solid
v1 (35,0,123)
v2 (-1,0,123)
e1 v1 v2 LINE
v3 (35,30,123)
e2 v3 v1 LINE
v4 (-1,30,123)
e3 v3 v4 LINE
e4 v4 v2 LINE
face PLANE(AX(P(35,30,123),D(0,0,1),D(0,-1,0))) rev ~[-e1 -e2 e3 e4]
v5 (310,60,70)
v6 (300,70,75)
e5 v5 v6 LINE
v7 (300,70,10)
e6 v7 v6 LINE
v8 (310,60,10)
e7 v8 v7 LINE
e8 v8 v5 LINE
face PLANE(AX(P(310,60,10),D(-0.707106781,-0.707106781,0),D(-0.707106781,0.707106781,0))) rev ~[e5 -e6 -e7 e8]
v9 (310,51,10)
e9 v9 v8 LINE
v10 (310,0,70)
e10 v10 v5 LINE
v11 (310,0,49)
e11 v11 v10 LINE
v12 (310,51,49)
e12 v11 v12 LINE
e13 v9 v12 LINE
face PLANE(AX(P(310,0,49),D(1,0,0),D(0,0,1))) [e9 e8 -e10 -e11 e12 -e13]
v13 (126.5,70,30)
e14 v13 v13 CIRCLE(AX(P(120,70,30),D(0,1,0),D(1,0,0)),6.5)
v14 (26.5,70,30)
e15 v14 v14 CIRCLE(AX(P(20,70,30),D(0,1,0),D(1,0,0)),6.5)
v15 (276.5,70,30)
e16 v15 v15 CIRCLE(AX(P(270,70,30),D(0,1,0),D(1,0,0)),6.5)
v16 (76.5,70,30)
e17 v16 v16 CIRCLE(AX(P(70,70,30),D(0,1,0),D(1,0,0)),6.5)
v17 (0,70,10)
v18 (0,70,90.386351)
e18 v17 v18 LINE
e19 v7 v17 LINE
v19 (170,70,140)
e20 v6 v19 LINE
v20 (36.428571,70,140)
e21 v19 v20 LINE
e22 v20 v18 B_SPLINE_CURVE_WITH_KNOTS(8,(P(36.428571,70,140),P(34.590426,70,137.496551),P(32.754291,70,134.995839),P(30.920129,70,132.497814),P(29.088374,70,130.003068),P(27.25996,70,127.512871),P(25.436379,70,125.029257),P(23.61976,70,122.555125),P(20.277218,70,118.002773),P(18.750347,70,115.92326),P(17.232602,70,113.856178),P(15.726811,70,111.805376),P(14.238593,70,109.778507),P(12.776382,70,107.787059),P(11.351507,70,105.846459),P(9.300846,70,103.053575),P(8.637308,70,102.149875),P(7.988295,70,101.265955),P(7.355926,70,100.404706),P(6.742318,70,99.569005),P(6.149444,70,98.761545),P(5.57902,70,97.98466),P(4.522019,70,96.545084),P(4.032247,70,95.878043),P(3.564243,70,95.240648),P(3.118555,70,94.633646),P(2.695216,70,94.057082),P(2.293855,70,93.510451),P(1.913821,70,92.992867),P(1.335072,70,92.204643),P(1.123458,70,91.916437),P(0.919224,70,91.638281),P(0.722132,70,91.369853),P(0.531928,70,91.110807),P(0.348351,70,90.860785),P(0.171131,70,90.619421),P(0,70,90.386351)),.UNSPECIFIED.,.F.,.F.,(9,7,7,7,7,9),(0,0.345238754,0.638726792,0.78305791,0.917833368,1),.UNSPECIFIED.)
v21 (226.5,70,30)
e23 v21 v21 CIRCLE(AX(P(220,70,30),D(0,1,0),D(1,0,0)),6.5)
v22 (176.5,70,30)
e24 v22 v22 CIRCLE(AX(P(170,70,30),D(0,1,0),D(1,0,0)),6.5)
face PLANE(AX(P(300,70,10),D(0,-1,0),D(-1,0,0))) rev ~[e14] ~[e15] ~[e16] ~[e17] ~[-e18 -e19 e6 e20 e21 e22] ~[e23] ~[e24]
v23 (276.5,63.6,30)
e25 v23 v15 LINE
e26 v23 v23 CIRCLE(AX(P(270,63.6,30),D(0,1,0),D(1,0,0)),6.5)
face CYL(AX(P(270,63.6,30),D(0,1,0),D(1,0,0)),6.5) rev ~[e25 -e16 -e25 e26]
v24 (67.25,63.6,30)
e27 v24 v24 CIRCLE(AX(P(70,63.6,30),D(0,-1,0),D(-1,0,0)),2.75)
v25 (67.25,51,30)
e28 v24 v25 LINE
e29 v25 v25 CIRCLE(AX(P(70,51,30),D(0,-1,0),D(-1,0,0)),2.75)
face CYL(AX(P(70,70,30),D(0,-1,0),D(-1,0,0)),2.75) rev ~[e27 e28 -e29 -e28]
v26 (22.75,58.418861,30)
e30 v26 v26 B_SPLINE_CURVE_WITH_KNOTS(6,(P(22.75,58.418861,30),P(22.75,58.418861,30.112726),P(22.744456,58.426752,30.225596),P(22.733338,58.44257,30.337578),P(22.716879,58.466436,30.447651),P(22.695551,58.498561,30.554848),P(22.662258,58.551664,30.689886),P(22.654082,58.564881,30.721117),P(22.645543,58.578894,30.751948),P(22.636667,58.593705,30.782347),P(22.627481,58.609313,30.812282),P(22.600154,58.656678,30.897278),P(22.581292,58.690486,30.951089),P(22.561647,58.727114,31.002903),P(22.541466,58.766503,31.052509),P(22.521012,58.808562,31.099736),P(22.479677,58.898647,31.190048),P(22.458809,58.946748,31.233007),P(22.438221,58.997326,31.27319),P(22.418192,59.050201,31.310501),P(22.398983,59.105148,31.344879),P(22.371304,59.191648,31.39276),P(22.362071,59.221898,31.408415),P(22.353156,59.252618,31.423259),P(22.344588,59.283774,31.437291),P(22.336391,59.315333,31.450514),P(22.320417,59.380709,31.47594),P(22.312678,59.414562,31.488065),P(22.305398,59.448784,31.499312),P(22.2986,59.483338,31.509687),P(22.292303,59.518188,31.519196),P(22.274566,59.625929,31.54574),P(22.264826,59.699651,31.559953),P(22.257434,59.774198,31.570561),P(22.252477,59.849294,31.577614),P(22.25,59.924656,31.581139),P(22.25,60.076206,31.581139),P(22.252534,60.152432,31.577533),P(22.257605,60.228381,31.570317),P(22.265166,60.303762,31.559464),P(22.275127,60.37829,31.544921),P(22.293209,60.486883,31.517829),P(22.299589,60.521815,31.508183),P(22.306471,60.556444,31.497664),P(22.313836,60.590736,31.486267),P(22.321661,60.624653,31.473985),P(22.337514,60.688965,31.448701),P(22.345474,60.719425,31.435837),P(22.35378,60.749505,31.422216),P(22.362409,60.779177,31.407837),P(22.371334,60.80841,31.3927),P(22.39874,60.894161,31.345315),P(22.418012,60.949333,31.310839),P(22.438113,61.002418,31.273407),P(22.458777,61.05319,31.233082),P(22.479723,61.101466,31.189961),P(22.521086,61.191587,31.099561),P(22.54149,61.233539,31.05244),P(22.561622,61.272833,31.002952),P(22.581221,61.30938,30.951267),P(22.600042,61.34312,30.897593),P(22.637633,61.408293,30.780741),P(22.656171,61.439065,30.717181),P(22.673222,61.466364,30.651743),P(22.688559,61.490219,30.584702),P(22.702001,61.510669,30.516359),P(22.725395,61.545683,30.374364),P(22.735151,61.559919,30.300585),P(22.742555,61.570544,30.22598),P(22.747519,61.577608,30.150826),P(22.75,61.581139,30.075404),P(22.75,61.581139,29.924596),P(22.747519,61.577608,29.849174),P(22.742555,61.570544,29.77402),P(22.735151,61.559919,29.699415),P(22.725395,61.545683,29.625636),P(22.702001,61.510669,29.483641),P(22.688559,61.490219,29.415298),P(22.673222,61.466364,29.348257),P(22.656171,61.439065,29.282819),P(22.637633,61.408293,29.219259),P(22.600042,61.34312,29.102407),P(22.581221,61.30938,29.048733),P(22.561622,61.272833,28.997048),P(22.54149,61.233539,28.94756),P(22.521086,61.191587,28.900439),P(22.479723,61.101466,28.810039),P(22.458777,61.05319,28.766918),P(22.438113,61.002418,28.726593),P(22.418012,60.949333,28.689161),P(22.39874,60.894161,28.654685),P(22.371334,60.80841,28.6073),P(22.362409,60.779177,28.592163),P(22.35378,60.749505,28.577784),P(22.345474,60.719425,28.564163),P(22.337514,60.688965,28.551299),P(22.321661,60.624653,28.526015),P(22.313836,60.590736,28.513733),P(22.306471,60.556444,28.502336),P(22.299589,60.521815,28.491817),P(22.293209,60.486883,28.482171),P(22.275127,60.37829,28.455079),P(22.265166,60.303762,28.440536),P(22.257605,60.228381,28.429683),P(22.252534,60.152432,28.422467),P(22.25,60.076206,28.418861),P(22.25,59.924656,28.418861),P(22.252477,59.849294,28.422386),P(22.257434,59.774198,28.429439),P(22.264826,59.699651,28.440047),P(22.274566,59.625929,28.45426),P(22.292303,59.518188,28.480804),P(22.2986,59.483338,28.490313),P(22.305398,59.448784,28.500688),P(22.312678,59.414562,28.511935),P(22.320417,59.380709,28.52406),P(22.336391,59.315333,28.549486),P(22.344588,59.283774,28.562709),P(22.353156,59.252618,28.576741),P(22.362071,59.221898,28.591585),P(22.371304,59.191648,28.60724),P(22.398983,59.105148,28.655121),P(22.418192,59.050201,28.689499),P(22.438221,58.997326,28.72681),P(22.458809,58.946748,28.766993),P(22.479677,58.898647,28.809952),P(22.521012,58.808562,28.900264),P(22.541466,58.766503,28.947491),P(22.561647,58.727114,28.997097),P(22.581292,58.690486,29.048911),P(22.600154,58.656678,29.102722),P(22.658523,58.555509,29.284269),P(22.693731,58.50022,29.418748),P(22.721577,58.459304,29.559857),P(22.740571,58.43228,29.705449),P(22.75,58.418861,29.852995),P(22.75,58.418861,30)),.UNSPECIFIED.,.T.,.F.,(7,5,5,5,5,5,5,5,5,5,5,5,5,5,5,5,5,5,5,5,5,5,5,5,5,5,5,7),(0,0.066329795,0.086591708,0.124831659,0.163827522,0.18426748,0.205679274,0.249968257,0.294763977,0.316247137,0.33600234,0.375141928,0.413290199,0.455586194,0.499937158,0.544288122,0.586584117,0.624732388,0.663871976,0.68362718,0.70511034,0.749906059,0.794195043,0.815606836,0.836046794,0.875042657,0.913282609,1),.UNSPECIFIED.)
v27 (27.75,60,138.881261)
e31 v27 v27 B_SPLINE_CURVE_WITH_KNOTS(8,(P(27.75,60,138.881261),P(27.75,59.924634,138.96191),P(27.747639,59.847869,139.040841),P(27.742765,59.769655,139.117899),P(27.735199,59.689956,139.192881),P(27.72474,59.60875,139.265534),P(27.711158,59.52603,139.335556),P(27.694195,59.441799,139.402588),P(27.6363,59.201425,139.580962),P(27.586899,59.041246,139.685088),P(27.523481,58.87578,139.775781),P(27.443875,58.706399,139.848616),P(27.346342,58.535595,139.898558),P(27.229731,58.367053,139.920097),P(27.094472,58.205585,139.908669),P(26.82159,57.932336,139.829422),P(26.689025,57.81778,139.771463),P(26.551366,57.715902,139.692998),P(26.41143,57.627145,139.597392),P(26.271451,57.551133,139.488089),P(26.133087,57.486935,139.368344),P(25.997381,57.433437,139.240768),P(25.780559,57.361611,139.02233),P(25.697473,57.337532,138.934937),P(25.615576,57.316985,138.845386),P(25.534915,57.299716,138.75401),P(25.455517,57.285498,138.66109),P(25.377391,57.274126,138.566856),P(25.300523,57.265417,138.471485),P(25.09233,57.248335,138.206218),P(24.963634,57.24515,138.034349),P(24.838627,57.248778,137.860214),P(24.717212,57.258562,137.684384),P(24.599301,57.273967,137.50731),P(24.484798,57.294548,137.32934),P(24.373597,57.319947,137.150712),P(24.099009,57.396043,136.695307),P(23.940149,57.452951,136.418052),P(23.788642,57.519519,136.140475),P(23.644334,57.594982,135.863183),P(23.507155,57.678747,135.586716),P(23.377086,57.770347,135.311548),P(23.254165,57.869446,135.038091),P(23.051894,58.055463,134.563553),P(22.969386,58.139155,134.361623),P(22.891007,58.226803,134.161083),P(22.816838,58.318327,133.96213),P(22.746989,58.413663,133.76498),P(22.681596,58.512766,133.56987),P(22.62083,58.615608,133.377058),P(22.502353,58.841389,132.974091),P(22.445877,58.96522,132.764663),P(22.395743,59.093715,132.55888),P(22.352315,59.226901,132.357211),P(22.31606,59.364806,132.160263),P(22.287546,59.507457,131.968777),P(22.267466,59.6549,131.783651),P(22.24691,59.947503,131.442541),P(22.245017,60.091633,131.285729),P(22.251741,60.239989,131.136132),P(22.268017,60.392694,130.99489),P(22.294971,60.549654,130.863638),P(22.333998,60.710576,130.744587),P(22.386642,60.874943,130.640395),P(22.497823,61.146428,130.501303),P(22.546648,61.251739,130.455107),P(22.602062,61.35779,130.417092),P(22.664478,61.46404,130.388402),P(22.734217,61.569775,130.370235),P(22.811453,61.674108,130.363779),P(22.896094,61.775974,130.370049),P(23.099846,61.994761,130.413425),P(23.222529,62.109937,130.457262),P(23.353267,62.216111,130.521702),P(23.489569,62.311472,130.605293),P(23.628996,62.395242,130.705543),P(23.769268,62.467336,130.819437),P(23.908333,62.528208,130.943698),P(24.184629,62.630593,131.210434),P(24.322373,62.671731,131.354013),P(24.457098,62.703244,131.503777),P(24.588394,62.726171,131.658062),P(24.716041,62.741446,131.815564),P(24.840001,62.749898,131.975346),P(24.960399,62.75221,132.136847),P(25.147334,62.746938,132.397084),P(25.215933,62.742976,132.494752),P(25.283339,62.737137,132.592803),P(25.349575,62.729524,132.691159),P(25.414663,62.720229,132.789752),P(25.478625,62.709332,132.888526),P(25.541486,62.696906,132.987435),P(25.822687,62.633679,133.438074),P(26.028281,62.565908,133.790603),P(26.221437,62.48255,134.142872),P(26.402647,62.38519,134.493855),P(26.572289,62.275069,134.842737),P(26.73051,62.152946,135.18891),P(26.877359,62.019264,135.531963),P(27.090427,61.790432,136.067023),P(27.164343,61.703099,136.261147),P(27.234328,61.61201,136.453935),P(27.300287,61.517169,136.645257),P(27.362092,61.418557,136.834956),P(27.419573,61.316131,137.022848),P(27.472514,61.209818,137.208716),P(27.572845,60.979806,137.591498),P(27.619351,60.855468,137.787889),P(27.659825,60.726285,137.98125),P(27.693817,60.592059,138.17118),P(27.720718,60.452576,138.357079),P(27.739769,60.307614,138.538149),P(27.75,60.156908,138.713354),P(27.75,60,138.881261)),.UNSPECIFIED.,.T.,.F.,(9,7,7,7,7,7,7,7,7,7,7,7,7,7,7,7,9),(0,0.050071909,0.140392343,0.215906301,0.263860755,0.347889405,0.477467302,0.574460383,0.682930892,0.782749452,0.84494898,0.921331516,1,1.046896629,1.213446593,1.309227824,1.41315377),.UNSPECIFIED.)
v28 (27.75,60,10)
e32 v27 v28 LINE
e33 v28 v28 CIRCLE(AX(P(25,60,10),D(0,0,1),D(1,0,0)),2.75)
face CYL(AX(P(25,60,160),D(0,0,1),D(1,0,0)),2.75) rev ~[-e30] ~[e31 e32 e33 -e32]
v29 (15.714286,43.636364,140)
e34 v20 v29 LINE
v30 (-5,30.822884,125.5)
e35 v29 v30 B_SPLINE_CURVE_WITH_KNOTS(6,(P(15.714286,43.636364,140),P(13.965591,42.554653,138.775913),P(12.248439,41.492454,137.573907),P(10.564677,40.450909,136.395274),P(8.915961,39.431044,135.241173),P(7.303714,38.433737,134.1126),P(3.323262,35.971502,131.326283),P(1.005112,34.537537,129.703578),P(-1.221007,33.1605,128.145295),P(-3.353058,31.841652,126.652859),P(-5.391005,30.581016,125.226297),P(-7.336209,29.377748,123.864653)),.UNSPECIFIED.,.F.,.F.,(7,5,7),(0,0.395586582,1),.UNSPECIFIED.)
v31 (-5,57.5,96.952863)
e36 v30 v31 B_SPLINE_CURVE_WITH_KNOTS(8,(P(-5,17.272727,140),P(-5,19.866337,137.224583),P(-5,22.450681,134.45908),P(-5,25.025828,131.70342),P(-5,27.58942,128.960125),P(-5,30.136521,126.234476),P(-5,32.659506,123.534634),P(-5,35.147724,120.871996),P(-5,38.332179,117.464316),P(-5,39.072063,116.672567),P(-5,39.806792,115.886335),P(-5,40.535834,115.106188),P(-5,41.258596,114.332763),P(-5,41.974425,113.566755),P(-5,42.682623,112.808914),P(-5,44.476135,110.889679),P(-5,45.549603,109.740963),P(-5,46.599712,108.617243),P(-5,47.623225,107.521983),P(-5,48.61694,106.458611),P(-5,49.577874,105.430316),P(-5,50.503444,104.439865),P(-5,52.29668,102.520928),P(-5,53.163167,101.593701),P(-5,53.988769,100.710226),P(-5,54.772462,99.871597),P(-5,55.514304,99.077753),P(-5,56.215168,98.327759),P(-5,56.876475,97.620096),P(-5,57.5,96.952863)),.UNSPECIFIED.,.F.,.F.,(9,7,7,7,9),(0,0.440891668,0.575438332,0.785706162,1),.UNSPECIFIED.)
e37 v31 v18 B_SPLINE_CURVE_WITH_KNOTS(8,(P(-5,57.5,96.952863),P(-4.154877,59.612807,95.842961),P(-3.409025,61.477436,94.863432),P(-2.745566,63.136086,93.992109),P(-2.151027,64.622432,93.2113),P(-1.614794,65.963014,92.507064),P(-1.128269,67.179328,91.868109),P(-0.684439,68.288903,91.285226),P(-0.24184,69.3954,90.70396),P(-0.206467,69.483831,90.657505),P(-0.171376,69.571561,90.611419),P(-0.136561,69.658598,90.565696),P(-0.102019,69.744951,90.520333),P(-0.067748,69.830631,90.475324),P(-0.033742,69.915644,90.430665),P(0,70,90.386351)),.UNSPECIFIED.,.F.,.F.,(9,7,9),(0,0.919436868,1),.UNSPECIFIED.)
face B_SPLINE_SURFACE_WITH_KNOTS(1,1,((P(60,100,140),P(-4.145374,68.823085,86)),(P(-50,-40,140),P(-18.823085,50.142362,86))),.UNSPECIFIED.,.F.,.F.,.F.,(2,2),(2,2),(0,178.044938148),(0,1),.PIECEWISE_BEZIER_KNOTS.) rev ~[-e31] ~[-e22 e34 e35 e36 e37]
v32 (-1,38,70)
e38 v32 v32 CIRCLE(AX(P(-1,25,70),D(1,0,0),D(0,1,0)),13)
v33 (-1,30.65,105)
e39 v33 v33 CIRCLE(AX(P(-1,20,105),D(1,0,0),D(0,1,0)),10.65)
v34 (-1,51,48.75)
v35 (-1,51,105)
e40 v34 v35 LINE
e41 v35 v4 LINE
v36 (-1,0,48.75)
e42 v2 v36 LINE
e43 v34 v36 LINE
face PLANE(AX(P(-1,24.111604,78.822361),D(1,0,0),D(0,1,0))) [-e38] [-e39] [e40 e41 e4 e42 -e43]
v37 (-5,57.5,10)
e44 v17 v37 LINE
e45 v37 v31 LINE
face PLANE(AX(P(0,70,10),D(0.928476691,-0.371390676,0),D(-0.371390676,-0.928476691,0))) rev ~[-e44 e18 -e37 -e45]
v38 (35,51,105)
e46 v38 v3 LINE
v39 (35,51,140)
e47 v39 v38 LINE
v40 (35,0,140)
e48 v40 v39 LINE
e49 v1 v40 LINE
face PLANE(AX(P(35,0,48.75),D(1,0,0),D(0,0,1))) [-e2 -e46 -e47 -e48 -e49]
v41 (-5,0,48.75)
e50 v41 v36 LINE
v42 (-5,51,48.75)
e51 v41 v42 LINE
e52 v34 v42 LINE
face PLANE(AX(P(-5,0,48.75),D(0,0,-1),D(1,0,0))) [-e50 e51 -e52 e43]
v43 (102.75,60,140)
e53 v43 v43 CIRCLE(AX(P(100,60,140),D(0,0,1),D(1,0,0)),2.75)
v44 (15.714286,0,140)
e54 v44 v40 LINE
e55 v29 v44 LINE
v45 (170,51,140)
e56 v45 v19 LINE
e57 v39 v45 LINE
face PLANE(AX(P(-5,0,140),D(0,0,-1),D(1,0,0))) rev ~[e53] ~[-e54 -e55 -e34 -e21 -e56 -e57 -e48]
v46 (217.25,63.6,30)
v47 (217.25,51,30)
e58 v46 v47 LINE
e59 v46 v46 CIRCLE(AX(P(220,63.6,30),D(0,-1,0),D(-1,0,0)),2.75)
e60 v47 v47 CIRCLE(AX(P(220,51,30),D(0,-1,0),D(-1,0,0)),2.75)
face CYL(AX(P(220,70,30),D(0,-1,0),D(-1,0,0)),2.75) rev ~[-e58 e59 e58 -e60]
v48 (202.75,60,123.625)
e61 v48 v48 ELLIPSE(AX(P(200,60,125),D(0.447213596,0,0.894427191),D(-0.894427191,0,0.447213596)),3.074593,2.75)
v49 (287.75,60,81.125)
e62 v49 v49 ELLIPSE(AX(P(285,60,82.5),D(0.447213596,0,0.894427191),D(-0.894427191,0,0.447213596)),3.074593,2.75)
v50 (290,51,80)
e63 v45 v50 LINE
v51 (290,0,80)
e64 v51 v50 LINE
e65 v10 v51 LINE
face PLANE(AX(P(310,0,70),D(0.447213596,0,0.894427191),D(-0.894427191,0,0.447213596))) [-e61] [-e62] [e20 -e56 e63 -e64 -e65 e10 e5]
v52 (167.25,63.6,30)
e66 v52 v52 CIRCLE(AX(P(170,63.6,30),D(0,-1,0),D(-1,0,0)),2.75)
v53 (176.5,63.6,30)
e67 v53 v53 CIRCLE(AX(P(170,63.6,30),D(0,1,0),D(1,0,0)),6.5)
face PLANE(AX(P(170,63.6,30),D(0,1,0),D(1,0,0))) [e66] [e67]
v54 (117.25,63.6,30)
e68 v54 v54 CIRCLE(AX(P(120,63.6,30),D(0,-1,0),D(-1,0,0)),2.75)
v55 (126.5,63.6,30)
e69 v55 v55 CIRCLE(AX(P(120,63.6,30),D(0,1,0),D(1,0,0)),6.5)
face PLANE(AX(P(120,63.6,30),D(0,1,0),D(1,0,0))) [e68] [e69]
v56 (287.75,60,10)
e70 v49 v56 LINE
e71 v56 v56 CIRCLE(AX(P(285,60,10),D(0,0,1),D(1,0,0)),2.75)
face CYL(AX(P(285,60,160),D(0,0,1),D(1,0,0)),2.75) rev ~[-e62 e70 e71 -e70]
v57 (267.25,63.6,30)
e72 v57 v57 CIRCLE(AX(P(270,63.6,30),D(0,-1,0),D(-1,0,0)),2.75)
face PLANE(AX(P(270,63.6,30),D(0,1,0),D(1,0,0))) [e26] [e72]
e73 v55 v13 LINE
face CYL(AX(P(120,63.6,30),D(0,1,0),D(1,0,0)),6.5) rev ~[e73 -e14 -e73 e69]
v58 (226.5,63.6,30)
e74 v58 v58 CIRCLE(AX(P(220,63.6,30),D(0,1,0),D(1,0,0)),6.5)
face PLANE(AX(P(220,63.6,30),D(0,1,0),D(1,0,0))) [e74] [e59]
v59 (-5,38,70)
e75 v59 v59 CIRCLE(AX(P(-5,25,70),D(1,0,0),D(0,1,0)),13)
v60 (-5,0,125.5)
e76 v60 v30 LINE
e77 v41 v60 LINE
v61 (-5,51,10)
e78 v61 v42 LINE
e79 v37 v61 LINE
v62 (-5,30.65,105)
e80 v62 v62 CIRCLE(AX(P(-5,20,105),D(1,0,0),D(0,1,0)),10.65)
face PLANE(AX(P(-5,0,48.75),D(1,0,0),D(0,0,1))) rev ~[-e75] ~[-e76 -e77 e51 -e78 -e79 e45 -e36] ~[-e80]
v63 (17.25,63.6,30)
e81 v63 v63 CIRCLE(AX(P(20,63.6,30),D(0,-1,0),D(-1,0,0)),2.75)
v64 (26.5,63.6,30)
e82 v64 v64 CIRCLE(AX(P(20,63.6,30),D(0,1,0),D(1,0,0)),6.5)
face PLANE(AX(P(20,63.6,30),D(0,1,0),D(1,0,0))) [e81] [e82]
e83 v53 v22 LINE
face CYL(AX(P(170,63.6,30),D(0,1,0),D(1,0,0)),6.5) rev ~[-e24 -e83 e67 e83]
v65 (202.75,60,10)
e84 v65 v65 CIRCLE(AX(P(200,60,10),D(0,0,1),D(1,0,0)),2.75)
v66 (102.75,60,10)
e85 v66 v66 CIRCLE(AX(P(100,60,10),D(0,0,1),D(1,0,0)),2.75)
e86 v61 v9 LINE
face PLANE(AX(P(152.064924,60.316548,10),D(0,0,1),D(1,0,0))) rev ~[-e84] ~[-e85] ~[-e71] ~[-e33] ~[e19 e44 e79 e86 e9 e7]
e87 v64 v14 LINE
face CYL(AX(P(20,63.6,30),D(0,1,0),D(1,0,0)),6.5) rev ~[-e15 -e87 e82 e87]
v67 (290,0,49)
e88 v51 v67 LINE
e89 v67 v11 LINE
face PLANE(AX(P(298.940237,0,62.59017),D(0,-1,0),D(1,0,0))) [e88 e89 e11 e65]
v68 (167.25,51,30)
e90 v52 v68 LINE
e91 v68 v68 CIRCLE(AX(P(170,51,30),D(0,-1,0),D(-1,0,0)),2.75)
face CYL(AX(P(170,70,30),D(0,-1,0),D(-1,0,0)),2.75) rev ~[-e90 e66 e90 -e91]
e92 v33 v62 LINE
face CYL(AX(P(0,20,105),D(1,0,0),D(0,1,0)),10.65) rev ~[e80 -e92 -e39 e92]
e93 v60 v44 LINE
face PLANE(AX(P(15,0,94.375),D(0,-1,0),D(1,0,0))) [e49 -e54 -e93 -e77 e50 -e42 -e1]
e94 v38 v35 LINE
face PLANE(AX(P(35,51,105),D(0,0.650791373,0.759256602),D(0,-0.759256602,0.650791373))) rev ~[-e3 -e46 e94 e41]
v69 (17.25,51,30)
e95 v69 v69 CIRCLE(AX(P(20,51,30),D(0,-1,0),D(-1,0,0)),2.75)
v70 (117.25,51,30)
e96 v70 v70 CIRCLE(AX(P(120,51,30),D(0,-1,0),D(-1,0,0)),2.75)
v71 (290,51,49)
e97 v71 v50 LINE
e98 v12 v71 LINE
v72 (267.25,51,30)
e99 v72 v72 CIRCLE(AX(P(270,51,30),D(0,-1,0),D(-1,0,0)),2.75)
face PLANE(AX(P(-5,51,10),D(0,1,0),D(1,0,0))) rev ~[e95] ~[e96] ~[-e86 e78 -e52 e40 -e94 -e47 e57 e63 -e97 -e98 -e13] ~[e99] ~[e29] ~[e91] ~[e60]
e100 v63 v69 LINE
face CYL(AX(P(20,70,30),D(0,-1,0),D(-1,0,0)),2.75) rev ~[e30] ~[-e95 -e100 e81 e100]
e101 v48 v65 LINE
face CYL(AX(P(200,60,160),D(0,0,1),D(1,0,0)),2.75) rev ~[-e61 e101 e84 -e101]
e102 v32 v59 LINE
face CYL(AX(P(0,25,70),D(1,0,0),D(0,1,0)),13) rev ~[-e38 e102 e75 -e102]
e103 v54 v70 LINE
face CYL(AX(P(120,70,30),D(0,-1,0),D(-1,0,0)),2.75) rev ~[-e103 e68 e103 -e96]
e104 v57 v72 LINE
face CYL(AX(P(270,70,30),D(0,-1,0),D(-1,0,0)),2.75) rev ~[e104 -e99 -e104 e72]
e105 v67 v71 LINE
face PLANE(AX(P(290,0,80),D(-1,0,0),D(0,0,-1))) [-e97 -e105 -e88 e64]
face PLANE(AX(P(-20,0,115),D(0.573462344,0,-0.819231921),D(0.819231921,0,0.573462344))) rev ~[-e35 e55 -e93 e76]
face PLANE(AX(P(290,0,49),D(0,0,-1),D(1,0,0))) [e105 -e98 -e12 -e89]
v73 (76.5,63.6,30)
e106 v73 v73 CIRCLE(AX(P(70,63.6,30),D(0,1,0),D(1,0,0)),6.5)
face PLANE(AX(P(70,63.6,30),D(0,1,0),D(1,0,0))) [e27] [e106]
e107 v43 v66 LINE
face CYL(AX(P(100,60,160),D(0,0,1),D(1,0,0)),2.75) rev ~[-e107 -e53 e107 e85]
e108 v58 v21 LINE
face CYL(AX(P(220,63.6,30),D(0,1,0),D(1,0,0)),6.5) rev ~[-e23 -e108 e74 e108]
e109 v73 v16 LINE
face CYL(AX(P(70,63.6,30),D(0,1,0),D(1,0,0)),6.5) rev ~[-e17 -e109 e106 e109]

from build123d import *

# Parameters (mm, degrees)
PAD001_DEPTH        = 130
POCKET_DEPTH        = 77
SKETCH003_R         = 2.75
HOLE_DEPTH          = 150.001
HOLE001_D           = 5.5
HOLE001_DEPTH       = 25
HOLE001_CBORE_D     = 13
HOLE001_CBORE_DEPTH = 6.4
SKETCH012_W         = 40
SKETCH012_H         = 91.25
PAD004_DEPTH        = 52
POCKET003_DEPTH     = 54
POCKET003_TAPER     = 30
POCKET004_DEPTH     = 36
PAD006_DEPTH        = 52
SKETCH028_R         = 10.65
SKETCH028_R_2       = 13
POCKET009_DEPTH     = 5
POCKET011_DEPTH     = 102


with BuildPart() as part:
    # Sketch001 → Pad001 (new body)
    with BuildSketch(Plane.XY):
        Polygon((300, 70), (0, 70), (-5, 57.5), (-5, 51), (310, 51), (310, 60), align=None)
    extrude(amount=PAD001_DEPTH)

    # Sketch002 → Pocket (cut)
    with BuildSketch(Plane.XZ):
        Polygon((310, 60), (130, 150), (310, 150), align=None)
    extrude(amount=-POCKET_DEPTH, mode=Mode.SUBTRACT)

    # Sketch003 → Hole (cut, through all)
    with BuildSketch(Plane.XY.offset(150)):
        with Locations((100, 60)):
            Circle(SKETCH003_R)
        with Locations((200, 60)):
            Circle(SKETCH003_R)
        with Locations((285, 60)):
            Circle(SKETCH003_R)
        with Locations((25, 60)):
            Circle(SKETCH003_R)
    extrude(amount=-HOLE_DEPTH, mode=Mode.SUBTRACT)

    # Hole001
    with Locations(Plane(origin=(0, 70, 0), x_dir=(1, 0, 0), z_dir=(0, 1, 0))):
        with Locations((20, -20), (70, -20), (120, -20), (170, -20), (220, -20), (270, -20)):
            CounterBoreHole(HOLE001_D / 2, HOLE001_CBORE_D / 2, HOLE001_CBORE_DEPTH, depth=HOLE001_DEPTH)

    # Sketch012 → Pad004 (join)
    with BuildSketch(Plane.XZ):
        with Locations((15, 84.375)):
            Rectangle(SKETCH012_W, SKETCH012_H)
    extrude(amount=-PAD004_DEPTH)

    # Sketch014 → Pocket003 (cut)
    with BuildSketch(Plane.XY.offset(130)):
        Polygon((-50, -40), (-50, 100), (60, 100), align=None)
    extrude(amount=-POCKET003_DEPTH, taper=POCKET003_TAPER, mode=Mode.SUBTRACT)

    # Sketch016 → Pocket004 (cut)
    with BuildSketch(Plane.YZ.offset(35)):
        Polygon((0, 113), (0, 29), (51, 29), (51, 95), (30, 113), align=None)
    extrude(amount=-POCKET004_DEPTH, mode=Mode.SUBTRACT)

    # Sketch018 → Pad006 (join)
    with BuildSketch(Plane.XZ):
        Polygon((290, 70), (290, 39), (310, 39), (310, 60), align=None)
    extrude(amount=-PAD006_DEPTH)

    # Sketch028 → Pocket009 (cut)
    with BuildSketch(Plane.YZ):
        with Locations((20, 95)):
            Circle(SKETCH028_R)
        with Locations((25, 60)):
            Circle(SKETCH028_R_2)
    extrude(amount=-POCKET009_DEPTH, mode=Mode.SUBTRACT)

    # Sketch136 → Pocket011 (cut)
    with BuildSketch(Plane.XZ):
        Polygon((-20, 140), (-20, 105), (30, 140), align=None)
    extrude(amount=-POCKET011_DEPTH, mode=Mode.SUBTRACT)


with BuildPart() as part_1:
    # Body001 placement: moved
    add(part.part.moved(Location((0, 0, 10))))


solid = part_1.part
